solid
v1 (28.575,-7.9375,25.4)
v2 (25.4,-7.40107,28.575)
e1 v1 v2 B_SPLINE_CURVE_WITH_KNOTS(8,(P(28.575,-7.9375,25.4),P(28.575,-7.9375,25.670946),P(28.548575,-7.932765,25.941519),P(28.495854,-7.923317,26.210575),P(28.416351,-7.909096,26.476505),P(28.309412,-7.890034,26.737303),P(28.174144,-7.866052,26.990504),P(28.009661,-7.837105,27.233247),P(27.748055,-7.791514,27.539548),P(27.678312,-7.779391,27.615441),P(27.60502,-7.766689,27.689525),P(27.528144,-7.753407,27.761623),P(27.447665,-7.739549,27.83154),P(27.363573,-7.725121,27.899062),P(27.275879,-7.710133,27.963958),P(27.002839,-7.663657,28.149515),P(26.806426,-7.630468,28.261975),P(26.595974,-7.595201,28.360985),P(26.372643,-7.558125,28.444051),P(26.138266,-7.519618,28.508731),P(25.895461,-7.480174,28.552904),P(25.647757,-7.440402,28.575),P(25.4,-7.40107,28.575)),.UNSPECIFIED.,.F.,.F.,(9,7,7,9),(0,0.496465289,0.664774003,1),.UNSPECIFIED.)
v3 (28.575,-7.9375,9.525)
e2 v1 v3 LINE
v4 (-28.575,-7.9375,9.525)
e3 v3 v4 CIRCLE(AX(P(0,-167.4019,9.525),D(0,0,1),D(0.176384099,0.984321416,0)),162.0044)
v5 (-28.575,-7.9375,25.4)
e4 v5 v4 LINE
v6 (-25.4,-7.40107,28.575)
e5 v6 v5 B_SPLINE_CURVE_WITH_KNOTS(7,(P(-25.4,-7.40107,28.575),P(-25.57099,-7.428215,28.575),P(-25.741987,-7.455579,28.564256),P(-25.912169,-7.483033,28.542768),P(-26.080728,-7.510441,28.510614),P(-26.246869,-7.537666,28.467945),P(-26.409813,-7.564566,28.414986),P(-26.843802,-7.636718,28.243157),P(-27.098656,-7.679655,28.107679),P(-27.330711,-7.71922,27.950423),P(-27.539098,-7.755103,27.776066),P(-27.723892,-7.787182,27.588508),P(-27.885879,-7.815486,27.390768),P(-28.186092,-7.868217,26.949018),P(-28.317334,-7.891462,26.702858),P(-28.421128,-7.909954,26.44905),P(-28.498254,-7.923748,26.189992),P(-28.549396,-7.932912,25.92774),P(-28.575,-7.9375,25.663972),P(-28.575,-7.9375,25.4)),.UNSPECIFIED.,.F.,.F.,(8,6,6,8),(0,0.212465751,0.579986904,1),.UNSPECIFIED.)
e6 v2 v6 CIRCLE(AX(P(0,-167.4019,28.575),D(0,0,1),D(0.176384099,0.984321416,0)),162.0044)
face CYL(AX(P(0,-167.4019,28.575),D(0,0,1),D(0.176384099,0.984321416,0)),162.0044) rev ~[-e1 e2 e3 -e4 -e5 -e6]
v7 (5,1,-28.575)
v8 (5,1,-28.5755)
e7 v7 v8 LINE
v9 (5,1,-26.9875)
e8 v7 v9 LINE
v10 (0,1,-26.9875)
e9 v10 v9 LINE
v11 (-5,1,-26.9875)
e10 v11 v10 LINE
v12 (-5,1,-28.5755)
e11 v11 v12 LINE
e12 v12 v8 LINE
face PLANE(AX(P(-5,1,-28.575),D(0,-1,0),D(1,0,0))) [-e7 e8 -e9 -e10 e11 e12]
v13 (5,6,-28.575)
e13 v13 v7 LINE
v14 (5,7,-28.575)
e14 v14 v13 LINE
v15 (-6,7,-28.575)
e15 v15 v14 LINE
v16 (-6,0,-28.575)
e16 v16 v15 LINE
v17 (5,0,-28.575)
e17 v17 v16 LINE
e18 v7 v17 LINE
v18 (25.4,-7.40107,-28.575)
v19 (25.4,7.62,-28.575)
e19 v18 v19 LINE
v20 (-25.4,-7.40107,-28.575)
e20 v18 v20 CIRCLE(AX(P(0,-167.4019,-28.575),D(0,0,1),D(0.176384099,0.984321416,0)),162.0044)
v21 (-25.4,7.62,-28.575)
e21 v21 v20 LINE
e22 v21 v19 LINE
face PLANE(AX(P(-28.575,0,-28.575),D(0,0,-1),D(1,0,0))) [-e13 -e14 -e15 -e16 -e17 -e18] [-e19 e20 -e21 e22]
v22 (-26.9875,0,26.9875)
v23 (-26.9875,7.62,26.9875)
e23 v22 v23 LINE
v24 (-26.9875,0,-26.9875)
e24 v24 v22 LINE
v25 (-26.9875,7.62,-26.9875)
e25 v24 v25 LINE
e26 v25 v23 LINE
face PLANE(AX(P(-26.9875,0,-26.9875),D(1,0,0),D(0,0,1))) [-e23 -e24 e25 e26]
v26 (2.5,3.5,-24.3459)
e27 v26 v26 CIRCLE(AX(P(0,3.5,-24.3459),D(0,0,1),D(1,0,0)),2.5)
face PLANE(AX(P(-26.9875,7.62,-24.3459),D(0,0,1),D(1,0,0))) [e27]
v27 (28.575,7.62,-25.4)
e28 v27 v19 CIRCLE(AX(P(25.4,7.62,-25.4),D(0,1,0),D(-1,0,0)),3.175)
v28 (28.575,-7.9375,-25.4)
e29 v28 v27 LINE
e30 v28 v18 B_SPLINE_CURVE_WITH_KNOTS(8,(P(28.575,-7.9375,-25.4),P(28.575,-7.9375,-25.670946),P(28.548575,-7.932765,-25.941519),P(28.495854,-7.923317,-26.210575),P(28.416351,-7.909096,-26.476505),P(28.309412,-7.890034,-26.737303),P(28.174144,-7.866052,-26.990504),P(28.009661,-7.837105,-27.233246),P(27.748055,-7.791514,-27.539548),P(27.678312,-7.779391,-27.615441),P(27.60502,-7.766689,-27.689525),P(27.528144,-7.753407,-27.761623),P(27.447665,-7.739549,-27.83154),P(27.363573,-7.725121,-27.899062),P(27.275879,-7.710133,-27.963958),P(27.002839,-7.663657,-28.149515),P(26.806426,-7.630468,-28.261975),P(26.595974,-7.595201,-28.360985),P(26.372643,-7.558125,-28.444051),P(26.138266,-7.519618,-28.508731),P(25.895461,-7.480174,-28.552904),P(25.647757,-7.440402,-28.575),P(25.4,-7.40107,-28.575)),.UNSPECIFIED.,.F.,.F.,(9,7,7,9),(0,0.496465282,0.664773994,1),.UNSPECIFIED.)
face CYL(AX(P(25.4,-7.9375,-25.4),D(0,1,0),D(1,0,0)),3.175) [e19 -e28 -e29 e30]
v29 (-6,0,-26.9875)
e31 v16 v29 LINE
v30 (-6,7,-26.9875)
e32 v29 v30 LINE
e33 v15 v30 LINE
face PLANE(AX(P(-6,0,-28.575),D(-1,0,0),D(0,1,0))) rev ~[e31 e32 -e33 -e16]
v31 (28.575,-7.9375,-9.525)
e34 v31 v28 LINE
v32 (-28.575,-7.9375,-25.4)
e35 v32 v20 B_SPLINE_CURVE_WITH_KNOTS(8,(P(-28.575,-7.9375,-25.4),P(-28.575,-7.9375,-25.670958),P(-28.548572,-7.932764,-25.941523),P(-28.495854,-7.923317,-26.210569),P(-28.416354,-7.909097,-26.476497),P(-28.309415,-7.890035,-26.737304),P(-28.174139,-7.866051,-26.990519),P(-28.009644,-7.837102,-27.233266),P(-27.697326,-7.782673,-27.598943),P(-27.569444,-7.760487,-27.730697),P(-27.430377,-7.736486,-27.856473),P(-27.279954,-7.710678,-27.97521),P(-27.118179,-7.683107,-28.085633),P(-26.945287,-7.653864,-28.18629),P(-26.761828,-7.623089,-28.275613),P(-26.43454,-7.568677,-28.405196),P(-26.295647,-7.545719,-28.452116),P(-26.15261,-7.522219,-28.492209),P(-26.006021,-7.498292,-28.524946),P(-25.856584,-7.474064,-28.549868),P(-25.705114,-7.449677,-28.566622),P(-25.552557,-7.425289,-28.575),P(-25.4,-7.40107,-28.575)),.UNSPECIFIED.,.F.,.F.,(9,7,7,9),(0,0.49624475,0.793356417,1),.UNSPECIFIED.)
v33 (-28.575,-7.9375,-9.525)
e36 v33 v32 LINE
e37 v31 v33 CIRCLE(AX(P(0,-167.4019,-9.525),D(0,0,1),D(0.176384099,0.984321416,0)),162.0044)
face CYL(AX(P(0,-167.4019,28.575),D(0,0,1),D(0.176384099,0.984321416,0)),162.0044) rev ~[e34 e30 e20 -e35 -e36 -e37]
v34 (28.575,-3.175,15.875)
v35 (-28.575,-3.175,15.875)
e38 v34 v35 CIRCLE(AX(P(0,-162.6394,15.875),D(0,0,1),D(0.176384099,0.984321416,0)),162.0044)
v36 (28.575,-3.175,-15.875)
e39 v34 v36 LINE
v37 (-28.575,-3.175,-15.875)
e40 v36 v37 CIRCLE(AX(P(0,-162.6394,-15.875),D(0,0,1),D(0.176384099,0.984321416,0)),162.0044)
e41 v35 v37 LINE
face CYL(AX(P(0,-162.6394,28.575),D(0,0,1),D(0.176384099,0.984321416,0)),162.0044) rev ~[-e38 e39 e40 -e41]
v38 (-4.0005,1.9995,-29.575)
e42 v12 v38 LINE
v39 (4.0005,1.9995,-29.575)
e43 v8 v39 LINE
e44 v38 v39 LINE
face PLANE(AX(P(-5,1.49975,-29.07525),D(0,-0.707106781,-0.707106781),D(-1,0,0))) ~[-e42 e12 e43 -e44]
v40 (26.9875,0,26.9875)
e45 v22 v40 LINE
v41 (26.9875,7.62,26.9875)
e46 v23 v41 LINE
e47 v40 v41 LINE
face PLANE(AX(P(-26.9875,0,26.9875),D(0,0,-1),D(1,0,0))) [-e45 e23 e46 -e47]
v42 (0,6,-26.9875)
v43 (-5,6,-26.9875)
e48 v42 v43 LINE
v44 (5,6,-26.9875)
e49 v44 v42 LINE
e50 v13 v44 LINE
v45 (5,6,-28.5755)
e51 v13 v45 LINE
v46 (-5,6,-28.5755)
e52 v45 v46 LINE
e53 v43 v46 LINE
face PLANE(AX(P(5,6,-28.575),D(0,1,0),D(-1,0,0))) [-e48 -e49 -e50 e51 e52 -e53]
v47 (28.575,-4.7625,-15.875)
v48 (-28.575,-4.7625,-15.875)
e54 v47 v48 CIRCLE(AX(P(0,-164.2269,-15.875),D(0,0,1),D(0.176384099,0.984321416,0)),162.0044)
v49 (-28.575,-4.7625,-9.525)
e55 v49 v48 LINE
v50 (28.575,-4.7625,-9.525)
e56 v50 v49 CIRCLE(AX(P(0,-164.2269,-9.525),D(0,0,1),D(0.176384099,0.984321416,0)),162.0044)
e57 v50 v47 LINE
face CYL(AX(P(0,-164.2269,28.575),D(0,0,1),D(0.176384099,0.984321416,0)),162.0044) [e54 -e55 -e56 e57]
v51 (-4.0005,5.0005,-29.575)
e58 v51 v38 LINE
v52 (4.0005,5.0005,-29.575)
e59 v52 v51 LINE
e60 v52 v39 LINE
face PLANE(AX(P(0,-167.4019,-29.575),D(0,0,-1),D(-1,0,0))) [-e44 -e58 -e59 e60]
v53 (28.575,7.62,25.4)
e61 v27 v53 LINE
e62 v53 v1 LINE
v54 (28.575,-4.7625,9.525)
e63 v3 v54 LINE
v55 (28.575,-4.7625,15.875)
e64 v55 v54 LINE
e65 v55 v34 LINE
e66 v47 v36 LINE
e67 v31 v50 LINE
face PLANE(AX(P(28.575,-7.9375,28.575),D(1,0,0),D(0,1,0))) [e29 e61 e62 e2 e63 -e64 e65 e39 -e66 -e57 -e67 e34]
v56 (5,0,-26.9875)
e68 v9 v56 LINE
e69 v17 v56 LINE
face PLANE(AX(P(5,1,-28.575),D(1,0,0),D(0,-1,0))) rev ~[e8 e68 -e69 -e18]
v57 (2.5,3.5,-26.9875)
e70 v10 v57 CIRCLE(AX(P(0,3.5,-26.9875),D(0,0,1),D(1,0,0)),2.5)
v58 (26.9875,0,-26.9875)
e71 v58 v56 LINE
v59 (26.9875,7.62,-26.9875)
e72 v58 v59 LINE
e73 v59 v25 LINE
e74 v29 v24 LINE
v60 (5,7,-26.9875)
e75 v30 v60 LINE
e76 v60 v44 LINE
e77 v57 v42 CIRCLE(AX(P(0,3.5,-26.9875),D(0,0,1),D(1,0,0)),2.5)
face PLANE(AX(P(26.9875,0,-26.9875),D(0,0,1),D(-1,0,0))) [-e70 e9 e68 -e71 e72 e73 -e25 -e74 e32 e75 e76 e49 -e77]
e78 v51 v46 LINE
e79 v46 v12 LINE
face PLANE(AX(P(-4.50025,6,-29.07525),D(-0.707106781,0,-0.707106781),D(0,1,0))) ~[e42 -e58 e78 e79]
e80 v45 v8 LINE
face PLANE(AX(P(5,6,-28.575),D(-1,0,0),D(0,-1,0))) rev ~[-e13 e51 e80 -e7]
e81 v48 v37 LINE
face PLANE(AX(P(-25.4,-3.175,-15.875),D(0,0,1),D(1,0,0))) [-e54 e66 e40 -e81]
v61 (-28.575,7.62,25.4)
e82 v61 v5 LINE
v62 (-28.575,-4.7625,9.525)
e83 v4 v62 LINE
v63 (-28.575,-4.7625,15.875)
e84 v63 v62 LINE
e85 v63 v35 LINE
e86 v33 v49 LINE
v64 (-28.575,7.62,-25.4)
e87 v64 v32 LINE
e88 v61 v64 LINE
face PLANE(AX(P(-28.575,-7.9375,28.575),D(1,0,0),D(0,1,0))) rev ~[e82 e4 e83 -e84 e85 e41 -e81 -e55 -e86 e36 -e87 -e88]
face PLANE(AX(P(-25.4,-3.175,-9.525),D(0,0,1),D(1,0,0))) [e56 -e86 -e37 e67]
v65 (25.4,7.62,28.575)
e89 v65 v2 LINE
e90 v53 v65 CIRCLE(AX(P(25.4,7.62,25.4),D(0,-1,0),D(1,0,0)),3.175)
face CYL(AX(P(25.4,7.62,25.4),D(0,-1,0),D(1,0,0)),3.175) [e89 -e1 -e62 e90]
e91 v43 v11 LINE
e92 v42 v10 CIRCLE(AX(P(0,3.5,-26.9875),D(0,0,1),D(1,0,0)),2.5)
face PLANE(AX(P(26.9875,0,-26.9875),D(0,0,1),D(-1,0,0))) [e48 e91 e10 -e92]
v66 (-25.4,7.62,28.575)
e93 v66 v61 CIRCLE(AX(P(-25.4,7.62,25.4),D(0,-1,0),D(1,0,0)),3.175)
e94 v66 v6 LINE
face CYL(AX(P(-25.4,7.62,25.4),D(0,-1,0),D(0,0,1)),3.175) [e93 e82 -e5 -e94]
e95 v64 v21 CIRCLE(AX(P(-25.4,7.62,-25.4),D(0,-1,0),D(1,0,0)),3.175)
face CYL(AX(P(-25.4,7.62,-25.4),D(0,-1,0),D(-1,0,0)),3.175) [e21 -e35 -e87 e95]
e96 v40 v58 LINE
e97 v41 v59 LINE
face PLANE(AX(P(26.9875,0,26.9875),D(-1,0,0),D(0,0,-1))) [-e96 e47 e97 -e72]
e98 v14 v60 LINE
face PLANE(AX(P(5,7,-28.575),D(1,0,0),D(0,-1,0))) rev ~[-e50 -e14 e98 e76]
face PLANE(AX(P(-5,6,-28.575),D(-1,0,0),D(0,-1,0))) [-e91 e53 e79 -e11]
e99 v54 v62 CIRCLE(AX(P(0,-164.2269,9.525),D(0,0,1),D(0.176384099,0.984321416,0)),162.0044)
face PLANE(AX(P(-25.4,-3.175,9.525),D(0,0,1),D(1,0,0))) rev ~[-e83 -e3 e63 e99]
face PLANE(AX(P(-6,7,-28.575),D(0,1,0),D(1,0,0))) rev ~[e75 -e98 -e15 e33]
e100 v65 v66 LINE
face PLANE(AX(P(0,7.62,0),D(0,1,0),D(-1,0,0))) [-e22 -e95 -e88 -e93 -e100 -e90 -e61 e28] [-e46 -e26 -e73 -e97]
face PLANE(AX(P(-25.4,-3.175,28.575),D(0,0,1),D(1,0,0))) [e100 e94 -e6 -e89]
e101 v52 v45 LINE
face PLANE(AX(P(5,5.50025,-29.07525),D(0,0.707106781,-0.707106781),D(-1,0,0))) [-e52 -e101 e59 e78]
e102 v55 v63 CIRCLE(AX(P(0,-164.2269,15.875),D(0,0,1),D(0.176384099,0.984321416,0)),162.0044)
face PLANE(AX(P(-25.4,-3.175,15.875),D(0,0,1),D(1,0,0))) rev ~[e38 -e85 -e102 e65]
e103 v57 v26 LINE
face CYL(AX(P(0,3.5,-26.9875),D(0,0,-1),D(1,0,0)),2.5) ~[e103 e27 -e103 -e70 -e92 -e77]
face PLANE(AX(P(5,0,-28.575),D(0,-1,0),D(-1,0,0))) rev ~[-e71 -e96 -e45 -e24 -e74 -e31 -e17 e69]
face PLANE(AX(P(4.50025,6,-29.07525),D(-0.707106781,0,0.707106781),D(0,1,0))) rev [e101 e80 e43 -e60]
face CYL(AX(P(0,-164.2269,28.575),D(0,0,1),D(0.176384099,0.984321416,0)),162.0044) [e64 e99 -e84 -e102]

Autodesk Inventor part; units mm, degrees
ref_plane "YZ Plane" through (0, 0, 0) normal (1, 0, 0) x (0, 1, 0)
ref_plane "XZ Plane" through (0, 0, 0) normal (0, 1, 0) x (-1, 0, 0)
ref_plane "XY Plane" through (0, 0, 0) normal (0, 0, 1) x (1, 0, 0)
sketch "Sketch1" plane through (0, 0, 0) normal (0, 1, 0) x (-1, 0, 0)
  circle A0 centre (0, 0) radius 25.4 construction
  line L0 (-28.575, 28.575) -> (28.575, 28.575)
  line L1 (28.575, 28.575) -> (28.575, -28.575)
  line L2 (28.575, -28.575) -> (-28.575, -28.575)
  line L3 (-28.575, -28.575) -> (-28.575, 28.575)
  line L4 (-28.575, 28.575) -> (28.575, -28.575) construction
  line L5 (28.575, 28.575) -> (-28.575, -28.575) construction
  line L6 (26.9875, 26.9875) -> (-26.9875, 26.9875)
  line L7 (-26.9875, 26.9875) -> (-26.9875, -26.9875)
  line L8 (-26.9875, -26.9875) -> (26.9875, -26.9875)
  line L9 (26.9875, -26.9875) -> (26.9875, 26.9875)
  line L10 (26.9875, 26.9875) -> (-26.9875, -26.9875) construction
  line L11 (-26.9875, 26.9875) -> (26.9875, -26.9875) construction
  dimension "d0" = 50.8
  dimension "d1" = 28.575
  dimension "d18" = 53.975
extrude "Extrusion1" add sketch "Sketch1" along normal blind 7.62
extrude "Extrusion2" add sketch "Sketch1" against normal blind 3.175 contours L0 L1 L2 L3 | L9 L8 L7 L6
sketch "Sketch4" plane through (-25.4, -3.175, 28.575) normal (0, 0, 1) x (1, 0, 0)
  line L0 (53.975, 10.795) -> (53.975, 0) projected
  arc A0 (53.975, 0) -> (-3.175, 0) centre (25.4, -159.4644) ccw
  line L1 (-3.175, 0) -> (53.975, 0) construction
  arc A1 (53.975, -1.5875) -> (-3.175, -1.5875) centre (25.4, -161.0519) ccw
  arc A2 (53.975, -4.7625) -> (-3.175, -4.7625) centre (25.4, -164.2269) ccw
  line L2 (-3.175, -4.7625) -> (-3.175, -1.5875)
  line L3 (-3.175, -1.5875) -> (-3.175, 0)
  line L4 (53.975, -1.5875) -> (53.975, 0)
  line L5 (53.975, -4.7625) -> (53.975, -1.5875)
  point P0 (25.4, 2.54)
  dimension "d56" = 3.175
  dimension "d57" = 1.5875
  dimension "d58" = 2.54
extrude "Extrusion11" add sketch "Sketch4" against normal up to surface (57.15 mm away)
extrude "Extrusion12" cut sketch "Sketch4" against normal blind 44.45 contours L4 A1 L3 A0
extrude "Extrusion13" cut sketch "Sketch4" against normal blind 38.1 contours L5 A2 L2 A1
extrude "Extrusion14" add sketch "Sketch4" against normal blind 12.7 contours L4 A1 L3 A0
extrude "Extrusion15" add sketch "Sketch4" against normal blind 19.05 contours L5 A2 L2 A1
fillet "Fillet6" radius 3.175 4 edges at (28.575, -0.1587, 28.575) (28.575, -0.1587, -28.575) (-28.575, -0.1587, 28.575) (-28.575, -0.1587, -28.575)
sketch "Sketch8" plane through (0, -167.4019, -28.575) normal (0, 0, -1) x (-1, 0, 0)
  line L0 (5, 168.4019) -> (-5, 168.4019)
  line L1 (-5, 168.4019) -> (-5, 167.4019)
  line L2 (-5, 167.4019) -> (6, 167.4019)
  line L3 (-26.9875, 167.4019) -> (26.9875, 167.4019) projected
  line L4 (6, 167.4019) -> (6, 174.4019)
  line L5 (6, 174.4019) -> (-5, 174.4019)
  line L6 (-5, 174.4019) -> (-5, 173.4019)
  line L7 (-5, 173.4019) -> (5, 173.4019)
  line L8 (5, 173.4019) -> (5, 168.4019)
  line L9 (-5, 173.4019) -> (-5, 168.4019)
  point P0 (0, 167.4019)
  point P1 (0, 168.4019)
  dimension "d68" = 1
  dimension "d74" = 1
  dimension "d75" = 1
  dimension "d76" = 7
  dimension "d77" = 10
extrude "Extrusion16" cut sketch "Sketch8" against normal up to surface (1.5875 mm away) contours L8 L7 L6 L5 L4 L2 L1 L0
extrude "Extrusion17" add sketch "Sketch8" along normal blind 1 contours L0 L9 L7 L8
chamfer "Chamfer3" distance 1 angle 45 4 edges at (0, 6, -29.575) (-5, 3.5, -29.575) (0, 1, -29.575) (5, 3.5, -29.575)
sketch "Sketch9" plane through (-26.9875, 7.62, -26.9875) normal (0, 0, 1) x (1, 0, 0)
  circle A0 centre (26.9875, -4.12) radius 2.5
  line L0 (21.9875, -6.62) -> (21.9875, -1.62) projected
  point P0 (26.9875, -7.62)
  point P1 (21.9875, -4.12)
  dimension "d83" = 5
extrude "Extrusion18" add sketch "Sketch9" along normal blind 2.6416
properties part number "TrackDisplayBottom"
